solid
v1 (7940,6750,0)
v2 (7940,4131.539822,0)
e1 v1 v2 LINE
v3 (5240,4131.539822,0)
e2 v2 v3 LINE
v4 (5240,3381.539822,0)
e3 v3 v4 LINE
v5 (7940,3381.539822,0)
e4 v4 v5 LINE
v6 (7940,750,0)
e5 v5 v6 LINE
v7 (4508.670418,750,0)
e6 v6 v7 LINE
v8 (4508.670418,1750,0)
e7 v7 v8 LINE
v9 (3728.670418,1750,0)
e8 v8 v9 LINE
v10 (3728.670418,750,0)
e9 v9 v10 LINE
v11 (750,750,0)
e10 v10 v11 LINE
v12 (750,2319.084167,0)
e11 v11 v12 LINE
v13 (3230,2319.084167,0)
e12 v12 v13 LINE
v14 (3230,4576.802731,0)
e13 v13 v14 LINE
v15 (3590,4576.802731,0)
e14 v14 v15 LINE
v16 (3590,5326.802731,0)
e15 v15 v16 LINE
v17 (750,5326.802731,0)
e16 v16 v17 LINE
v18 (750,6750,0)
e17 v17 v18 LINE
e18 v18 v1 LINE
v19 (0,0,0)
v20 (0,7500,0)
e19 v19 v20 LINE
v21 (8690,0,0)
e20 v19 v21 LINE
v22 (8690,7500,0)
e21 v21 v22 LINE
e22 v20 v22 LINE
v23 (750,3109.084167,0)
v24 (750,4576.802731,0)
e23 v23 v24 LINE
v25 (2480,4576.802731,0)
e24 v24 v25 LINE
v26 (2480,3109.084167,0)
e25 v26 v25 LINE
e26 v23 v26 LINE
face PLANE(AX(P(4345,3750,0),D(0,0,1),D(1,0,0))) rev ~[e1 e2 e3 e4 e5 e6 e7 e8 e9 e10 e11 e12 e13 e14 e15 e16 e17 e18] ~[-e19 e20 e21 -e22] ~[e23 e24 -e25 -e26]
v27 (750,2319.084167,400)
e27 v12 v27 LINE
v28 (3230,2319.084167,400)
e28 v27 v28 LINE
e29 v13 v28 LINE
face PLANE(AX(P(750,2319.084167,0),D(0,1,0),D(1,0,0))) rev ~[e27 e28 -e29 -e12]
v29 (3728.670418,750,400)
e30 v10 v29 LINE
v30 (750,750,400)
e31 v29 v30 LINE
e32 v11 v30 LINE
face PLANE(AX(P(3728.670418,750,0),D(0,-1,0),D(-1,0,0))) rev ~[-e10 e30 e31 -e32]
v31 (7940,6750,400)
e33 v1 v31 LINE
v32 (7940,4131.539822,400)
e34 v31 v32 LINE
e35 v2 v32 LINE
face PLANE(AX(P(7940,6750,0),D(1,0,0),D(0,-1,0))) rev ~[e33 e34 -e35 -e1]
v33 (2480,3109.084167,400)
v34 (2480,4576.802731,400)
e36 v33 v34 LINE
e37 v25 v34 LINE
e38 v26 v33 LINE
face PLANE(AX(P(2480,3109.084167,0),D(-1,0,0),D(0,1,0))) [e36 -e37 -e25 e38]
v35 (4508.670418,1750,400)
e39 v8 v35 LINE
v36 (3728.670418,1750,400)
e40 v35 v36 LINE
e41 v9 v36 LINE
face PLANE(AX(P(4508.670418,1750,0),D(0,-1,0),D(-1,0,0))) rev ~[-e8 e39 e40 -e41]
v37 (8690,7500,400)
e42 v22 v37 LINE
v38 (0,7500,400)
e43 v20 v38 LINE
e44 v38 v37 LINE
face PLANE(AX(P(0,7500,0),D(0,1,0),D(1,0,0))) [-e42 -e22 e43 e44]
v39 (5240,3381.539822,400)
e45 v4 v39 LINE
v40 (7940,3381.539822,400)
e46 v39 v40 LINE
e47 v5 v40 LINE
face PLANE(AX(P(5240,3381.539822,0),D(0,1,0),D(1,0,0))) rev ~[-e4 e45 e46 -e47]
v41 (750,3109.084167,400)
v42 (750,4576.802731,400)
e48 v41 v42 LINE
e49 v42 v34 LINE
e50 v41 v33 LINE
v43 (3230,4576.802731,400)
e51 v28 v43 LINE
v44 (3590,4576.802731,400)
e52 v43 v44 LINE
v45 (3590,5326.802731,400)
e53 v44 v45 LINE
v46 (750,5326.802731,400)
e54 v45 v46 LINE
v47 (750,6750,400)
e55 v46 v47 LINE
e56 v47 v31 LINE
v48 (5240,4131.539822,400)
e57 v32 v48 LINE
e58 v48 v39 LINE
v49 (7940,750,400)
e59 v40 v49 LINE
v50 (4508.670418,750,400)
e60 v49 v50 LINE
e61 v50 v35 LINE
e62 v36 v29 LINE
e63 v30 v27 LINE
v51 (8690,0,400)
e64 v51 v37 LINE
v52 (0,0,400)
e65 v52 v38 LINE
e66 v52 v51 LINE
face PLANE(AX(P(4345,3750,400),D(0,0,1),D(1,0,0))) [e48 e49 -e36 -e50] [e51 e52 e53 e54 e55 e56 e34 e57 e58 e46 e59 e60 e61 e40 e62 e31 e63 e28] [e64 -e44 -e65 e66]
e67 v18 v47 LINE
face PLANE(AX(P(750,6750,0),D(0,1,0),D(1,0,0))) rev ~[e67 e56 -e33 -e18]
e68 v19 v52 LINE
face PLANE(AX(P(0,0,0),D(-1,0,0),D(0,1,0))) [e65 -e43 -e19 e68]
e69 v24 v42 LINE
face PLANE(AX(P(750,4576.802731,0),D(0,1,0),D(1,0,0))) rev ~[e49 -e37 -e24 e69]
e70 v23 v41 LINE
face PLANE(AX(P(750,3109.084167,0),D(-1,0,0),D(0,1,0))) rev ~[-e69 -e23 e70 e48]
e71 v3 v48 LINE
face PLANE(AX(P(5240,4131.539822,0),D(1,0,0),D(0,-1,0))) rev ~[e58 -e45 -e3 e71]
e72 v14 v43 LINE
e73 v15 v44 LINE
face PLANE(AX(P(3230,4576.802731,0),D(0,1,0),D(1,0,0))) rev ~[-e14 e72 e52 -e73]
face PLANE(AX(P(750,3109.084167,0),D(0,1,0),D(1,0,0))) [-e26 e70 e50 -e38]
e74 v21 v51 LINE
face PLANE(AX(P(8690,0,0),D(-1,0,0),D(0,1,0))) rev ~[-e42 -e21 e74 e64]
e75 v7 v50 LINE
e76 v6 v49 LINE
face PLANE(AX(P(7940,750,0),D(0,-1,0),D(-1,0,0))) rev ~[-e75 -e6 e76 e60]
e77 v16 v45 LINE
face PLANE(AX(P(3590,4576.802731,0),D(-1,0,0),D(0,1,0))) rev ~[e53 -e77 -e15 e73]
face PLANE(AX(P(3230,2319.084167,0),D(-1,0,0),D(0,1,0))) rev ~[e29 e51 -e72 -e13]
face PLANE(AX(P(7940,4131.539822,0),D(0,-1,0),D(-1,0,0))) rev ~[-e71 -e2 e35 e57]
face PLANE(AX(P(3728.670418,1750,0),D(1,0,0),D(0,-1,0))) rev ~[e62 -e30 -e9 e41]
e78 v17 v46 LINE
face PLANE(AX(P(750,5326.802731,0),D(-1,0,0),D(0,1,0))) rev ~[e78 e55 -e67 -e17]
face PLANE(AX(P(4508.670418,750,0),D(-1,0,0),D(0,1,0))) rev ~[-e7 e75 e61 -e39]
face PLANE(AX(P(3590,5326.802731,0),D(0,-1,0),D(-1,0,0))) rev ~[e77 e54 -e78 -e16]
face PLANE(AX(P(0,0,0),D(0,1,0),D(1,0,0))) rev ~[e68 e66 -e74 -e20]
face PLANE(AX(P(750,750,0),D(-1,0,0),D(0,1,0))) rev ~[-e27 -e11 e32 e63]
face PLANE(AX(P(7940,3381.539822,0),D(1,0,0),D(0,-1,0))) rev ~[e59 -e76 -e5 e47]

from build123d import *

# Parameters (mm, degrees)
F0_W     = 8690
F0_H     = 7500
F0_W_2   = 1730
F0_H_2   = 1467.718564
F1_DEPTH = 400


with BuildPart() as f1:
    # F0 (on Top) → F1 (new body)
    with BuildSketch(Plane.XY):
        with Locations((4345, 3750)):
            Rectangle(F0_W, F0_H)
        with Locations((1615, 3842.943449)):
            Rectangle(F0_W_2, F0_H_2, mode=Mode.SUBTRACT)
        Polygon((3728.670418, 750), (750, 750), (750, 2319.084167), (3230, 2319.084167), (3230, 4576.802731), (3590, 4576.802731), (3590, 5326.802731), (750, 5326.802731), (750, 6750), (7940, 6750), (7940, 4131.539822), (5240, 4131.539822), (5240, 3381.539822), (7940, 3381.539822), (7940, 750), (4508.670418, 750), (4508.670418, 1750), (3728.670418, 1750), align=None, mode=Mode.SUBTRACT)
    extrude(amount=F1_DEPTH)


solid = f1.part
